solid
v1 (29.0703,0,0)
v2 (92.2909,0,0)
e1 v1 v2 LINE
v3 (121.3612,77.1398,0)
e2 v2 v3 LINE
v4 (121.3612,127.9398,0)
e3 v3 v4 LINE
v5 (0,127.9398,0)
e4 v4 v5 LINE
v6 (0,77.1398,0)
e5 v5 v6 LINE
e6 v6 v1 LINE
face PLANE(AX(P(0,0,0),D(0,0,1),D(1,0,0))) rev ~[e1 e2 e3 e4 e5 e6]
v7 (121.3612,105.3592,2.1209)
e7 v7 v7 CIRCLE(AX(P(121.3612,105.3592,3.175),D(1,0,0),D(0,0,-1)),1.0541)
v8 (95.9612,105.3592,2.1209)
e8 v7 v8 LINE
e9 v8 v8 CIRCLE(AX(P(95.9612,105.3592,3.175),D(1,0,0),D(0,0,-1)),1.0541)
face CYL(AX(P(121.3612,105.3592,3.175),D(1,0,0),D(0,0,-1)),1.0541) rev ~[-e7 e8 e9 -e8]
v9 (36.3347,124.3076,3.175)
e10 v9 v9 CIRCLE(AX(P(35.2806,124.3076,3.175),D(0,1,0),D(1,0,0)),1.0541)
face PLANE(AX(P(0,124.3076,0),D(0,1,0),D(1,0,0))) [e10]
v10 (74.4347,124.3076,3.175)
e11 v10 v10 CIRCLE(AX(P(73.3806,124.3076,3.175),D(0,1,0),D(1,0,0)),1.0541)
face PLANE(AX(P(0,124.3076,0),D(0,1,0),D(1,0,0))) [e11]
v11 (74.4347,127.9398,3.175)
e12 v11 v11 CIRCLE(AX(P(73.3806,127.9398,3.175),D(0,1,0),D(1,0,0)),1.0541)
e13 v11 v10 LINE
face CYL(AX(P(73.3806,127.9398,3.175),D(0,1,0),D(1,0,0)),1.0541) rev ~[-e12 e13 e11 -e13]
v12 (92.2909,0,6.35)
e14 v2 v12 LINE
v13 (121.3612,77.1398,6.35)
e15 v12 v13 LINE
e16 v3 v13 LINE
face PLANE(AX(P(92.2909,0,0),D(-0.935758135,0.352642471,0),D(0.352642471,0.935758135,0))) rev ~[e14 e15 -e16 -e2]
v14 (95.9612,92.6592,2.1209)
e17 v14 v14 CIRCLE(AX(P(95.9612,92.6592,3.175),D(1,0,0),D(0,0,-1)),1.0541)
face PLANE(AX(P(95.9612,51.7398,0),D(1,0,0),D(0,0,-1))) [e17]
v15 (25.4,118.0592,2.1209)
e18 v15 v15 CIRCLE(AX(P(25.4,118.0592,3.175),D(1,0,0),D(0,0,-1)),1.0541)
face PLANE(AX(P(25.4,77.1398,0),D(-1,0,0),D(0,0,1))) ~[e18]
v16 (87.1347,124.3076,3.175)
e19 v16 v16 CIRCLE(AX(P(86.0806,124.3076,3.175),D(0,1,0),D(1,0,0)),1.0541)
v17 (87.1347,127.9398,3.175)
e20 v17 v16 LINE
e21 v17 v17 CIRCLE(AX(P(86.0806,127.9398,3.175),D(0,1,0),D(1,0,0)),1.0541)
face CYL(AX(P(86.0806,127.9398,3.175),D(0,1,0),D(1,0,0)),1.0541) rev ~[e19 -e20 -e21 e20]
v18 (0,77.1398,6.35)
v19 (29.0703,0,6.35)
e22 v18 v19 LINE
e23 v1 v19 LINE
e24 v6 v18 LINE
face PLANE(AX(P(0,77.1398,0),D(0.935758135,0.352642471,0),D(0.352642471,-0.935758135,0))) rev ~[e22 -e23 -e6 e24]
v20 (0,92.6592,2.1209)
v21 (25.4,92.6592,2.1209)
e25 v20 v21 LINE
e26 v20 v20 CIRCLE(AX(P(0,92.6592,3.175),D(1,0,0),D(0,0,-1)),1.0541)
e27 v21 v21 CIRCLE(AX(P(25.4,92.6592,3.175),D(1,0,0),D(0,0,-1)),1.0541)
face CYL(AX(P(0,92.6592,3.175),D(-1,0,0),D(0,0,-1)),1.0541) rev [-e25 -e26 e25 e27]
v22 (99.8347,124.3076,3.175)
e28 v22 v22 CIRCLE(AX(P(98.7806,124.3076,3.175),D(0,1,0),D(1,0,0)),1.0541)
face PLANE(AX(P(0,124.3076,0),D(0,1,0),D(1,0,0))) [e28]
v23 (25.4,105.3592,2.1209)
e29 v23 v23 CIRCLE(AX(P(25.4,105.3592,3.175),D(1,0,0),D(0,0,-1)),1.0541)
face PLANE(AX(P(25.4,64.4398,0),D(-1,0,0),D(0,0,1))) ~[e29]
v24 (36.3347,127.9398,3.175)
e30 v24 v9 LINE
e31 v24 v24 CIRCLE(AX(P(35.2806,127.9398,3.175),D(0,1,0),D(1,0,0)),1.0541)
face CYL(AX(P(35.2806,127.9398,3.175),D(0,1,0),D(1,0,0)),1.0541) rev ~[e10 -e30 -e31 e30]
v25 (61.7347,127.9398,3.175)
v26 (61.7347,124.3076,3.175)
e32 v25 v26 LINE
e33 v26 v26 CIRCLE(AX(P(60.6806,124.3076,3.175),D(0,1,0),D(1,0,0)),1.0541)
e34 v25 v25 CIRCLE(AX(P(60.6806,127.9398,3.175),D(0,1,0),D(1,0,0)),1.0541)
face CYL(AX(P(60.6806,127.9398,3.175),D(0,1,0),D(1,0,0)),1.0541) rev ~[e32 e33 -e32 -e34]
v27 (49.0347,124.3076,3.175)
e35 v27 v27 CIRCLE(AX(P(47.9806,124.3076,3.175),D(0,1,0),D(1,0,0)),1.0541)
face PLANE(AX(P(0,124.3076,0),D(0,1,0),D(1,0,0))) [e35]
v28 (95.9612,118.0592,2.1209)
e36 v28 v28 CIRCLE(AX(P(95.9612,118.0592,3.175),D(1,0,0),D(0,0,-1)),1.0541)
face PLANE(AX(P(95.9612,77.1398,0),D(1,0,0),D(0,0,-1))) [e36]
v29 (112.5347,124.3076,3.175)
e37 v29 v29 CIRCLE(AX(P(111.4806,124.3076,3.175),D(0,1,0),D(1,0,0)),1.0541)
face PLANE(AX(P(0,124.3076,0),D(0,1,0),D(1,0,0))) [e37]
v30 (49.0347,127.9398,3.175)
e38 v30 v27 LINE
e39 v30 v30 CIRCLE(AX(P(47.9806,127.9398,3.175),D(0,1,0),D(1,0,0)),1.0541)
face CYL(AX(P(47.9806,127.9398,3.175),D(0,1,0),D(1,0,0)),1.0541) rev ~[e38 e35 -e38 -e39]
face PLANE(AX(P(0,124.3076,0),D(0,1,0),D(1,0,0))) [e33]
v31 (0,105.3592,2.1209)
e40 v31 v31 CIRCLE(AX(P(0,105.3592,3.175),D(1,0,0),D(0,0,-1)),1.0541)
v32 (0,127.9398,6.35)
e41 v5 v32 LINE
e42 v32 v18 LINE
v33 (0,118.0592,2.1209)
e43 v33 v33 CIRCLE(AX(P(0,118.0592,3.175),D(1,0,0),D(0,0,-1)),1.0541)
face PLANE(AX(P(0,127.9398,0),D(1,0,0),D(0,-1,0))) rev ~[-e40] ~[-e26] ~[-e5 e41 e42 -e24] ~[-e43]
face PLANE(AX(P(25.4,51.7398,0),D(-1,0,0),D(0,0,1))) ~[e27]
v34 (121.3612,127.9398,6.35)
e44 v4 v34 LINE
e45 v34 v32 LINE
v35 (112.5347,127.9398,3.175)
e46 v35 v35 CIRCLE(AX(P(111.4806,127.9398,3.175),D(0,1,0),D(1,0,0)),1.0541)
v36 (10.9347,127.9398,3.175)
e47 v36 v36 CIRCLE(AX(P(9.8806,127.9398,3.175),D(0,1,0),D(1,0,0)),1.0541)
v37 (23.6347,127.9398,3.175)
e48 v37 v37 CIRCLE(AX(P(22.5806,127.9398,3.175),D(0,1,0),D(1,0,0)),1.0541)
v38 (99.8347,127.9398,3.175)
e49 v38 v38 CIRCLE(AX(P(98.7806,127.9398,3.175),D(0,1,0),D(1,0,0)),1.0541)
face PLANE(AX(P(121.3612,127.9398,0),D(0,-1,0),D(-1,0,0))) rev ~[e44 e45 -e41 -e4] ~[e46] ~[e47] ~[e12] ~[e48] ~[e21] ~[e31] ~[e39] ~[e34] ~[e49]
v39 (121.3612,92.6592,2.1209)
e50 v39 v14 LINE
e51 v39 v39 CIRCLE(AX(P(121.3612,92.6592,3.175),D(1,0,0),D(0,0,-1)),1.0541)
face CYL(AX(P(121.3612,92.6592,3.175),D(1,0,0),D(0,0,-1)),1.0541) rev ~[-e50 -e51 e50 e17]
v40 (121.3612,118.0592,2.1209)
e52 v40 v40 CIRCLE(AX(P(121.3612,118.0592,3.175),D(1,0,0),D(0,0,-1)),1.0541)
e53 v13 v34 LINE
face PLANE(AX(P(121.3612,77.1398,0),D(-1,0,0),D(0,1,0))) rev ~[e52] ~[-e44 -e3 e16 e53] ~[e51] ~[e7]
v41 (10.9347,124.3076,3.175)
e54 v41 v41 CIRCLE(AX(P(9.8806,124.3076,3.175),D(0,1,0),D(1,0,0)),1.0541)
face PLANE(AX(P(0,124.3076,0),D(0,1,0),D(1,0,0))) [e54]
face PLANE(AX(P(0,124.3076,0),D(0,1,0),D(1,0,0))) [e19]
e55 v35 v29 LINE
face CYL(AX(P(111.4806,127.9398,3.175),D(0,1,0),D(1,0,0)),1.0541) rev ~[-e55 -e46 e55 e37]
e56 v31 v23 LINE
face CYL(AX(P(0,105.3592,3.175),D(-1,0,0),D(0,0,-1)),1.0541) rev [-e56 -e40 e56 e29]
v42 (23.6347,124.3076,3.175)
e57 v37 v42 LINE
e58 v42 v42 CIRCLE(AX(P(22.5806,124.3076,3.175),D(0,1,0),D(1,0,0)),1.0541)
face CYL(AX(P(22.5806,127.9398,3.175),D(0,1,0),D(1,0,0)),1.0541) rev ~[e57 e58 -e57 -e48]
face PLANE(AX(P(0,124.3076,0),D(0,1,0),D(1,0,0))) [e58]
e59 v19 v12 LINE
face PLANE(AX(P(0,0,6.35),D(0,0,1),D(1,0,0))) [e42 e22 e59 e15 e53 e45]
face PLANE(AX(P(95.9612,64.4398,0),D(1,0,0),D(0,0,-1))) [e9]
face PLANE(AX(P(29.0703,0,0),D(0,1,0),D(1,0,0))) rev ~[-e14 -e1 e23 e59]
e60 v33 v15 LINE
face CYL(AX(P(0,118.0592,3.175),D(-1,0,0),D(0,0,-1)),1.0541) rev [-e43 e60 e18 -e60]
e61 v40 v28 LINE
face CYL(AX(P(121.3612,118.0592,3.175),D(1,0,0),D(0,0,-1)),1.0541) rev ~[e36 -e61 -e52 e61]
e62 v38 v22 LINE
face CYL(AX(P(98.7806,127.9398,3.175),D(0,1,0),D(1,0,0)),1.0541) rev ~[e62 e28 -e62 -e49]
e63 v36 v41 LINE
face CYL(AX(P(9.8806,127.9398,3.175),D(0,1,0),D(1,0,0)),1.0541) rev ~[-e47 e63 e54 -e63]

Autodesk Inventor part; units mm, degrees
ref_plane "YZ Plane" through (0, 0, 0) normal (1, 0, 0) x (0, 1, 0)
ref_plane "XZ Plane" through (0, 0, 0) normal (0, 1, 0) x (-1, 0, 0)
sketch "Sketch1" plane through (0, 0, 0) normal (0, 0, 1) x (1, 0, 0)
  line L0 (29.0703, 0) -> (121.3612, 0)
  line L1 (121.3612, 0) -> (121.3612, 127.9398)
  line L2 (121.3612, 127.9398) -> (0, 127.9398)
  line L3 (0, 127.9398) -> (0, 13.0299)
  line L4 (0, 77.1398) -> (121.3612, 77.1398) construction
  line L5 (29.0703, 0) -> (29.0703, 26.0597) construction
  line L6 (92.2909, 0) -> (92.2909, 26.0597) construction
  line L7 (29.0703, 13.0299) -> (0, 13.0299) construction
  line L8 (92.2909, 13.0299) -> (121.3612, 13.0299) construction
  line L9 (0, 77.1398) -> (29.0703, 0)
  line L10 (92.2909, 0) -> (121.3612, 77.1398)
  point P0 (0, 0)
  dimension "d0" = 121.3612
  dimension "d1" = 127.9398
  dimension "d2" = 50.8
  dimension "d3" = 63.2206
extrude "Extrusion1" add sketch "Sketch1" along normal blind 6.35 contours L9 L3 L2 L1 L10 L0
sketch "Sketch2" plane through (0, 127.9398, 0) normal (0, 1, 0) x (1, 0, 0)
  line L0 (121.3612, 0) -> (0, 0) construction
  line L1 (0, 0) -> (0, -6.35) construction
  line L2 (121.3612, -6.35) -> (0, -6.35) construction
  line L3 (121.3612, 0) -> (121.3612, -6.35) construction
  line L4 (121.3612, -6.35) -> (0, -6.35) construction
  line L5 (60.6806, -6.35) -> (60.6806, 0) construction
  line L6 (121.3612, 0) -> (0, 0) construction
  circle A0 centre (60.6806, -3.175) radius 1.0541
  circle A1 centre (47.9806, -3.175) radius 1.0541
  circle A2 centre (35.2806, -3.175) radius 1.0541
  circle A3 centre (22.5806, -3.175) radius 1.0541
  circle A4 centre (9.8806, -3.175) radius 1.0541
  circle A5 centre (60.6806, -3.175) radius 1.0541
  circle A6 centre (73.3806, -3.175) radius 1.0541
  circle A7 centre (86.0806, -3.175) radius 1.0541
  circle A8 centre (98.7806, -3.175) radius 1.0541
  circle A9 centre (111.4806, -3.175) radius 1.0541
  dimension "d6" = 2.1082
  dimension "d9" = 12.7
extrude "Extrusion2" cut sketch "Sketch2" against normal blind 3.6322
sketch "Sketch3" plane through (121.3612, 77.1398, 0) normal (1, 0, 0) x (0, 0, -1)
  line L0 (0, 0) -> (0, 50.8) construction
  line L1 (0, 50.8) -> (-6.35, 50.8) construction
  line L2 (-6.35, 0) -> (-6.35, 50.8) construction
  line L3 (0, 0) -> (-6.35, 0) construction
  line L4 (0, 50.8) -> (-6.35, 50.8) construction
  line L5 (-3.175, 50.8) -> (-3.175, 0) construction
  line L6 (0, 0) -> (-6.35, 0) construction
  circle A0 centre (-3.175, 40.9194) radius 1.0541
  point P0 (0, -77.1398)
  dimension "d16" = 2.1082
  dimension "d17" = 9.8806
extrude "Extrusion3" cut sketch "Sketch3" against normal blind 25.4
pattern_linear "Rectangular Pattern1" count 3 spacing 12.7 along (0, -1, 0) of "Extrusion3"
ref_plane "Work Plane1" through (60.6806, 127.9398, 0) normal (1, 0, 0) x (0, 0, 1)
mirror "Mirror1" about plane through (60.6806, 127.9398, 0) normal (1, 0, 0) of "Extrusion3", "Rectangular Pattern1"
properties part number "top"
